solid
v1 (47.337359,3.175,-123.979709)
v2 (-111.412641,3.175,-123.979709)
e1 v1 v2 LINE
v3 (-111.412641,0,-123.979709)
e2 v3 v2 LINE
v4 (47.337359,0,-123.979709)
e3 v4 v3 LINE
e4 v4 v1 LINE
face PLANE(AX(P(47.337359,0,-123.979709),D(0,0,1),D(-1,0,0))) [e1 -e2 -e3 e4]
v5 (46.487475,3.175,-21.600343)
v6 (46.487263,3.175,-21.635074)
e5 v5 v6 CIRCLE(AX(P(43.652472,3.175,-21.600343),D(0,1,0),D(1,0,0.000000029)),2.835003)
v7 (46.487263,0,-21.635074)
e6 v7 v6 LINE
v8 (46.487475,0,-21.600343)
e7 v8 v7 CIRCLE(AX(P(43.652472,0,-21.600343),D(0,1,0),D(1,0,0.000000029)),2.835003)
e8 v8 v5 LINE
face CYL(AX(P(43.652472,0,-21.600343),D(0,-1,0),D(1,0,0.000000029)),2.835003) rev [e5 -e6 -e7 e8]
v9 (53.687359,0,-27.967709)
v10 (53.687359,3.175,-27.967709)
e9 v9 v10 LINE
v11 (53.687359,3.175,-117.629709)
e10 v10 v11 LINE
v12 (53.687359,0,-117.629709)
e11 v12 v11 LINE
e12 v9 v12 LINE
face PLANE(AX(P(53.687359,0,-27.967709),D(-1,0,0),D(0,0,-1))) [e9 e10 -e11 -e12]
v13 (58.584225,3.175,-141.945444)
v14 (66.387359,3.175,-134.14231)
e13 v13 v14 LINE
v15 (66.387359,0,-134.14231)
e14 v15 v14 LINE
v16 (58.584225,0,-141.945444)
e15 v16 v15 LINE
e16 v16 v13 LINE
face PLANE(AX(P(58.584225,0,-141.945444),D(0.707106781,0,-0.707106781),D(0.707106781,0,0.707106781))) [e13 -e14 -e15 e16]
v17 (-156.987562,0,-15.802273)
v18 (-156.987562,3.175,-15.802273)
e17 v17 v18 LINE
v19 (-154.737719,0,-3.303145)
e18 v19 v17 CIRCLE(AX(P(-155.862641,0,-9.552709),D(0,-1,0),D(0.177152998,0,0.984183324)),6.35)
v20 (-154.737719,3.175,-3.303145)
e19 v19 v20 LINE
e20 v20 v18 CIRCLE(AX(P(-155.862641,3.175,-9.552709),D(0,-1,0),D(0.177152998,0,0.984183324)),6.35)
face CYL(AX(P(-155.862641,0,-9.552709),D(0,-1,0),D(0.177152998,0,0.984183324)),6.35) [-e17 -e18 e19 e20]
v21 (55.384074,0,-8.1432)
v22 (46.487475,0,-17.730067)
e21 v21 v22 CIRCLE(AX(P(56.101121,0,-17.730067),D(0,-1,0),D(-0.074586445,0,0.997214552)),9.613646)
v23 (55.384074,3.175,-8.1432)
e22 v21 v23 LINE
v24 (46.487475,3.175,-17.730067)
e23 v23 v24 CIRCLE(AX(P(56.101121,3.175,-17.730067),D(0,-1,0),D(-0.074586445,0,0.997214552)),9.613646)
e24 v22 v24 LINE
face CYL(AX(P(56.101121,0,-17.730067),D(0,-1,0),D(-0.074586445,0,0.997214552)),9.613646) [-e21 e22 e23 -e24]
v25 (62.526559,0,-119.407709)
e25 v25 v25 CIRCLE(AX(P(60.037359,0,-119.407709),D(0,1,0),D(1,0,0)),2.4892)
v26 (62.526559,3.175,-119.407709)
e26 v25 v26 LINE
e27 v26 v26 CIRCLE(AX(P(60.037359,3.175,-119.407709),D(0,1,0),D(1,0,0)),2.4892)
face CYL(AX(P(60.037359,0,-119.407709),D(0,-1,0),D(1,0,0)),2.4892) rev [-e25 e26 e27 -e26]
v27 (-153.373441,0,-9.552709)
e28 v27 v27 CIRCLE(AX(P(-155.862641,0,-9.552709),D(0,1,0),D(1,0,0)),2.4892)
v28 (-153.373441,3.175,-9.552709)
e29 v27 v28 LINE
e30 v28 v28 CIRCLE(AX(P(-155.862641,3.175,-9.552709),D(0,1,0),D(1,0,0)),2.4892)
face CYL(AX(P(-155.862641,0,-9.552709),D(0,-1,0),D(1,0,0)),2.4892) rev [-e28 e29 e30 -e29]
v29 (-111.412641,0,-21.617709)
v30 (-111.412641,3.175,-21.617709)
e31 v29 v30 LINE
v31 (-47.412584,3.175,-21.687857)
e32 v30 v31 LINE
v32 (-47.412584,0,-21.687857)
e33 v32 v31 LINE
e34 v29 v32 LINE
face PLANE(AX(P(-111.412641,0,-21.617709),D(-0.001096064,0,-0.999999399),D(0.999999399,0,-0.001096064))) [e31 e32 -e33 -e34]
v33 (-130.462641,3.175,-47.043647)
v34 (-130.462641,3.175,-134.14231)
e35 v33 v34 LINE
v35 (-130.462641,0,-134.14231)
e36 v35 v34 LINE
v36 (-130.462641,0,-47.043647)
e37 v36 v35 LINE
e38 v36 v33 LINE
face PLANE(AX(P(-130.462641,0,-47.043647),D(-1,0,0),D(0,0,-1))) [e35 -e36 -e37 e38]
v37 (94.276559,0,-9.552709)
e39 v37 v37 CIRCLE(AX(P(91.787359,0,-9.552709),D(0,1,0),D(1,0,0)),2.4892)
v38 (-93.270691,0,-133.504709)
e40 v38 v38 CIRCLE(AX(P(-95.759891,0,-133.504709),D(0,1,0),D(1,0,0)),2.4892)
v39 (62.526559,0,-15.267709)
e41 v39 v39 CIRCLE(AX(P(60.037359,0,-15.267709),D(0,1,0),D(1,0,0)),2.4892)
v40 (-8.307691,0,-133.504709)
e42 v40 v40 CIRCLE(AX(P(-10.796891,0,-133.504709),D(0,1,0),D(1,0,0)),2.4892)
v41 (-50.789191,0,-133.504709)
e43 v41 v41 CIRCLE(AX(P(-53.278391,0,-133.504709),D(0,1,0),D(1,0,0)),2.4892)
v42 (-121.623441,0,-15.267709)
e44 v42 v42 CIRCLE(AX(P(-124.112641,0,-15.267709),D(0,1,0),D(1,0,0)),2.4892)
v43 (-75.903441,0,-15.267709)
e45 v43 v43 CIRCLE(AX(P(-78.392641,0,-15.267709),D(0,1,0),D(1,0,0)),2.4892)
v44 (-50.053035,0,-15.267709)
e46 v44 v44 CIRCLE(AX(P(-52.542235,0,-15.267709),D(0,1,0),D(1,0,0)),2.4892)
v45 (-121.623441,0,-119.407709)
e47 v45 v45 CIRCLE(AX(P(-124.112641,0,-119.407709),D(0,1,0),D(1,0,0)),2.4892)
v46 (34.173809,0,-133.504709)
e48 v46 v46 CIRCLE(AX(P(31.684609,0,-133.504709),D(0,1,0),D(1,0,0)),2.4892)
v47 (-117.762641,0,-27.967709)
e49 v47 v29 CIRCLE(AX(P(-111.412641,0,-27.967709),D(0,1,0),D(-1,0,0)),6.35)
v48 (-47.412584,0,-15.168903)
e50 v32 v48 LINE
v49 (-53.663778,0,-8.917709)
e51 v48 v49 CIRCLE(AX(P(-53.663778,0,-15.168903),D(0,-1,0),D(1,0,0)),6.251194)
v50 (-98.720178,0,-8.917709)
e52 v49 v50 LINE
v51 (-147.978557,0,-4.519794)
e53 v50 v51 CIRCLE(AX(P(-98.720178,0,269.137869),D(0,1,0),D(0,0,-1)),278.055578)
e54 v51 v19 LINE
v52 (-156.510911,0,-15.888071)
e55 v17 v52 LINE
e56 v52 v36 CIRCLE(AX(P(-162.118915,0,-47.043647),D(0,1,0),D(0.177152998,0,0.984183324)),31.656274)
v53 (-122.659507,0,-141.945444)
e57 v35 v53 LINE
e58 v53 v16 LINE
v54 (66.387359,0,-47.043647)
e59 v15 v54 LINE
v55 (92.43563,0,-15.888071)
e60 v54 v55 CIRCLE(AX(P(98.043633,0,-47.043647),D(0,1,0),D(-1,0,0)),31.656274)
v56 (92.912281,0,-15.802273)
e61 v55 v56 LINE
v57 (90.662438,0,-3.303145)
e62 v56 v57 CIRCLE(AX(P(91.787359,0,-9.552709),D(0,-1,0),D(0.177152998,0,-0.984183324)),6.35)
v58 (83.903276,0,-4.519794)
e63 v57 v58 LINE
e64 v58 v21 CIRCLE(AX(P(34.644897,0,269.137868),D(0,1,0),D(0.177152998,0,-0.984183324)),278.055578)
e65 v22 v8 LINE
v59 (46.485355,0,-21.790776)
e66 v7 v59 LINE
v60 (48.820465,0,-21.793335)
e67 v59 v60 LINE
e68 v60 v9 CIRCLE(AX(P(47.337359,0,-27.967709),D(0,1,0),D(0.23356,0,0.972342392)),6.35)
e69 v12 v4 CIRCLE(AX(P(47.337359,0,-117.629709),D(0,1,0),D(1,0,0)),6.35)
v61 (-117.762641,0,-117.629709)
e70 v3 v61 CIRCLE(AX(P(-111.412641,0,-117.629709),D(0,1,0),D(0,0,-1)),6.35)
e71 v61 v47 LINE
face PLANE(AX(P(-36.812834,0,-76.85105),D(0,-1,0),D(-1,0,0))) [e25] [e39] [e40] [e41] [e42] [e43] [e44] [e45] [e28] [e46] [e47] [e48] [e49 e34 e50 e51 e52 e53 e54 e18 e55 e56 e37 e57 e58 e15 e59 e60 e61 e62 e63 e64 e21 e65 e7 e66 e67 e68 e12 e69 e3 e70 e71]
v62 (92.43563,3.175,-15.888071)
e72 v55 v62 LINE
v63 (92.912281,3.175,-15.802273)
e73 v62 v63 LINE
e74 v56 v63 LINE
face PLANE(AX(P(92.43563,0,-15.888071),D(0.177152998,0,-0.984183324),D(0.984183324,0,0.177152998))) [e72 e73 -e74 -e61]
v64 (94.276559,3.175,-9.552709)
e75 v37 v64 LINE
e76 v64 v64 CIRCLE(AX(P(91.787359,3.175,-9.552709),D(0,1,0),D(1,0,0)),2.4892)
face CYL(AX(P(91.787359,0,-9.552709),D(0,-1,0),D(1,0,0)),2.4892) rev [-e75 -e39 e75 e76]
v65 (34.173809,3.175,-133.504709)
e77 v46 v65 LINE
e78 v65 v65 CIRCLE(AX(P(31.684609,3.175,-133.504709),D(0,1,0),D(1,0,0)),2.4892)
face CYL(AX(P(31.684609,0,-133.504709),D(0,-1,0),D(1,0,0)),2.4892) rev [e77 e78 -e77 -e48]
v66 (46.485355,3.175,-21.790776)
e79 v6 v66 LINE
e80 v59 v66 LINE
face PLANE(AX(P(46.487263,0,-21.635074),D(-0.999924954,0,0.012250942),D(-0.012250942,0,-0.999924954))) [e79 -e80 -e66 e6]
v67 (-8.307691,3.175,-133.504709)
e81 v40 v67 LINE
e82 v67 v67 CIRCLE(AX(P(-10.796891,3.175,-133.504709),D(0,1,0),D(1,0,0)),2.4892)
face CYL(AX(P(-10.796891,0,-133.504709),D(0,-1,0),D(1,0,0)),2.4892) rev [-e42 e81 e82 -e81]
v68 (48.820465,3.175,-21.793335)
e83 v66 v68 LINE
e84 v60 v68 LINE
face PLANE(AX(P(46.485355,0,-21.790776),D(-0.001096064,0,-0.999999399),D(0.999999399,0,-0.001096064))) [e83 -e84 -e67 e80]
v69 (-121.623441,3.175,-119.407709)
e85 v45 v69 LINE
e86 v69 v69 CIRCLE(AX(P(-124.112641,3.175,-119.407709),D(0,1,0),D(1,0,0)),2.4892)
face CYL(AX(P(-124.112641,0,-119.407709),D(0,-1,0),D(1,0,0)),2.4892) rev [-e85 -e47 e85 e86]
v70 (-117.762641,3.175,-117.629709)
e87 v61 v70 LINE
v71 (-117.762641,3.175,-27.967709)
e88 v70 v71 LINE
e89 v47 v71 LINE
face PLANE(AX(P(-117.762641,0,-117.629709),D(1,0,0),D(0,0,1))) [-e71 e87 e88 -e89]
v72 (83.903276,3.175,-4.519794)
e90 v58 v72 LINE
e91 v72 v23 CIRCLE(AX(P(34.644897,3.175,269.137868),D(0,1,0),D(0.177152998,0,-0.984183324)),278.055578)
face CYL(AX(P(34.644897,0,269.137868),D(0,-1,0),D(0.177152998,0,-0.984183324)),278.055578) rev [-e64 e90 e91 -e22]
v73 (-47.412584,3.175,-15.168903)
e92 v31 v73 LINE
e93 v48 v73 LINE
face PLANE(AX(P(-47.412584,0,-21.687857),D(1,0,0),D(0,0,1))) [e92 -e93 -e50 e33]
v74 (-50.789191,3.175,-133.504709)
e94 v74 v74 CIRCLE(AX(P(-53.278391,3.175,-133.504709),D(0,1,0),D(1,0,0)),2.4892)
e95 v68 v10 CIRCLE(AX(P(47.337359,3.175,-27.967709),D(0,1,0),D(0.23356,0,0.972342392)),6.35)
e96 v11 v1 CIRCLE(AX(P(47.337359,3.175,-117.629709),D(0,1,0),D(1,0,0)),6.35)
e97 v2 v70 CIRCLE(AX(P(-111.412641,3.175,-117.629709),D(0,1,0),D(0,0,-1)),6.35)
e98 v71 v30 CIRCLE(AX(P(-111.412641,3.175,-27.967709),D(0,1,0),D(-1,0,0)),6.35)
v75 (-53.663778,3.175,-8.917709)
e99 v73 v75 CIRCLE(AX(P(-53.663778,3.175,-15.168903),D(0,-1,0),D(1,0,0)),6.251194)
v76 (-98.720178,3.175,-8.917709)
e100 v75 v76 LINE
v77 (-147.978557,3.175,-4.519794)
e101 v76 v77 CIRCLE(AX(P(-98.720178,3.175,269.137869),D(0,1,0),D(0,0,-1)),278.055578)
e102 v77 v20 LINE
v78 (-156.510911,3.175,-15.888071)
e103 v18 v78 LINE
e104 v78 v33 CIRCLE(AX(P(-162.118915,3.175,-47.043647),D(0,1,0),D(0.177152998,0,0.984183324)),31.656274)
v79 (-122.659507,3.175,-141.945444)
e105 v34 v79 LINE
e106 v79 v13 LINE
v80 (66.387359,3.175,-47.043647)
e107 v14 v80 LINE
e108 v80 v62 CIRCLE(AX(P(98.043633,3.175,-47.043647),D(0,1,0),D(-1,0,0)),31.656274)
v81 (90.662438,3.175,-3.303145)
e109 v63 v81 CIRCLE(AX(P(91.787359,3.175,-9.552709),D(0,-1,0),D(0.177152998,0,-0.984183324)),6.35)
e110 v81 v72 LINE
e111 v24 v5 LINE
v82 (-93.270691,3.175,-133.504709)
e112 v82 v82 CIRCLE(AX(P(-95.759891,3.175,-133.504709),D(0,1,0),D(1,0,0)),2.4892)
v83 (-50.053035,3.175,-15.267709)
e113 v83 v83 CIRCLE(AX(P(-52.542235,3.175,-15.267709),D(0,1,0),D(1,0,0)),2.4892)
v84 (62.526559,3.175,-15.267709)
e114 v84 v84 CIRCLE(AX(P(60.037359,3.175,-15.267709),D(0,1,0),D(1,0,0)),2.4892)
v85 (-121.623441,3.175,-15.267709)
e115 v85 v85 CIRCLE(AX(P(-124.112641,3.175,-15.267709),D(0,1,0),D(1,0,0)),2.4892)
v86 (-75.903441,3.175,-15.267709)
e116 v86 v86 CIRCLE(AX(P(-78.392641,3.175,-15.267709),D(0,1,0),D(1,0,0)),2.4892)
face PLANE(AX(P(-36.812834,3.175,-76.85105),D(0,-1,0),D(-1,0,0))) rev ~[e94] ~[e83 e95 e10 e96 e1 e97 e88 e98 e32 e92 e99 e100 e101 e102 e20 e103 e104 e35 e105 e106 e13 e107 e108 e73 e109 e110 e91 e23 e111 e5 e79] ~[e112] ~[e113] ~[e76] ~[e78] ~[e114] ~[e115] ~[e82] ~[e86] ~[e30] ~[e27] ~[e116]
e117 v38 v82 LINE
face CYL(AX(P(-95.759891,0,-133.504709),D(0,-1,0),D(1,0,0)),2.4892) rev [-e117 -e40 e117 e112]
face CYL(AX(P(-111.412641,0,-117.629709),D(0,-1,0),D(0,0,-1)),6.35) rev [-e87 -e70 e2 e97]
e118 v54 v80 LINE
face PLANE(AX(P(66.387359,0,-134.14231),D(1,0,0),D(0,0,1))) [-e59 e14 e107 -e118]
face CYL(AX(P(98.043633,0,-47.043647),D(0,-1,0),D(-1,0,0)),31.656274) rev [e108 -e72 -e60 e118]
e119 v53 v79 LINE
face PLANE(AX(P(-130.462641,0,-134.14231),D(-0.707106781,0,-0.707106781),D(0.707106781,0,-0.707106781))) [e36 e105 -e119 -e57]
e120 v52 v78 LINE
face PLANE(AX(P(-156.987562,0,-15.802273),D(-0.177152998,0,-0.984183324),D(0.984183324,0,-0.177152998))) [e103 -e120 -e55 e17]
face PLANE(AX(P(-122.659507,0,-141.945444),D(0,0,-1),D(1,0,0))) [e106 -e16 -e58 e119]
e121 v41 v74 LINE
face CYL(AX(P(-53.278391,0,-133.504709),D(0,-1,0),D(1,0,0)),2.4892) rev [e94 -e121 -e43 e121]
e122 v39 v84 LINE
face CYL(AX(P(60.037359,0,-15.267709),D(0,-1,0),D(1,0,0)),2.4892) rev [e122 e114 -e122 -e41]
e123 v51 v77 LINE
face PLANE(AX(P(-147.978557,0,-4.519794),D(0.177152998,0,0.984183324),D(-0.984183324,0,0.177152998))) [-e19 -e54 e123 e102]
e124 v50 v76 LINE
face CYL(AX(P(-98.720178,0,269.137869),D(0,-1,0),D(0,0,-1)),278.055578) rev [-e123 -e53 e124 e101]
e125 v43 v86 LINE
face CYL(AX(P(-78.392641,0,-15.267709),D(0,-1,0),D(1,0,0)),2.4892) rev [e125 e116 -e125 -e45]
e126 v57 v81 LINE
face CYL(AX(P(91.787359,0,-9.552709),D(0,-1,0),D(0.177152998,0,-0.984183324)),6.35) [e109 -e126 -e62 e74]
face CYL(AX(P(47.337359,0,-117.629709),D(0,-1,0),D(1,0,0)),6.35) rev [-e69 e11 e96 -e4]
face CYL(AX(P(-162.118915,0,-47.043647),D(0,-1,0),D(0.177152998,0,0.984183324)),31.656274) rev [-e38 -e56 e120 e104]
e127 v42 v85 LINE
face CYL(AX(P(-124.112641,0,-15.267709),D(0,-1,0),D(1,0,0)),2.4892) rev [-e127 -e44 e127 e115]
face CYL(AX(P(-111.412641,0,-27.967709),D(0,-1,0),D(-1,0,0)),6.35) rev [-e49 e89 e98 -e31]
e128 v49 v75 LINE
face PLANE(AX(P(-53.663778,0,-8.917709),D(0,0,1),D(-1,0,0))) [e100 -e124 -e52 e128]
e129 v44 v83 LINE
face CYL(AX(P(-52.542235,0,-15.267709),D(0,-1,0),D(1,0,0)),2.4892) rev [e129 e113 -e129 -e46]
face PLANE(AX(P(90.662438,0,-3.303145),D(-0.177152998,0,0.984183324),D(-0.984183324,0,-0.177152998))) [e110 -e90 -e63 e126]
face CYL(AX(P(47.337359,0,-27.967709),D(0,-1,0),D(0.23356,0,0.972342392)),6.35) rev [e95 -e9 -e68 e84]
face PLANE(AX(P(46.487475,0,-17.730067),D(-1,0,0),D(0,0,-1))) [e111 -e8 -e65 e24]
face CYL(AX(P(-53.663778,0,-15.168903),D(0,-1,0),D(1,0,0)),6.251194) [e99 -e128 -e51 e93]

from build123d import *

# Parameters (mm, degrees)
SKETCH1_R           = 2.4892
BOSS_EXTRUDE1_DEPTH = 3.175


with BuildPart() as part:
    # Sketch1 → Boss-Extrude1 (new body)
    with BuildSketch(Plane(origin=(0, 0, 0), x_dir=(1, 0, 0), z_dir=(0, 1, 0))):
        with BuildLine():
            Line((-32.037640644, 123.979709158), (-111.412640644, 123.979709158))
            ThreePointArc((-111.412640644, 123.979709158), (-115.902768704, 122.119837219), (-117.762640644, 117.629709158))
            Line((-117.762640644, 117.629709158), (-117.762640644, 27.967709158))
            ThreePointArc((-117.762640644, 27.967709158), (-115.902768704, 23.477581098), (-111.412640644, 21.617709158))
            Line((-111.412640644, 21.617709158), (-47.412584086, 21.687857346))
            Line((-47.412584086, 21.687857346), (-47.412584086, 15.168903158))
            ThreePointArc((-47.412584086, 15.168903158), (-49.243516418, 10.748641491), (-53.663778086, 8.917709158))
            Line((-53.663778086, 8.917709158), (-98.720178026, 8.917709158))
            ThreePointArc((-98.720178026, 8.917709158), (-123.447337141, 7.816048009), (-147.978557367, 4.519794164))
            Line((-147.978557367, 4.519794164), (-154.737719104, 3.303145051))
            ThreePointArc((-154.737719104, 3.303145051), (-162.112204751, 8.427787619), (-156.987562183, 15.802273266))
            Line((-156.987562183, 15.802273266), (-156.510910789, 15.888070517))
            ThreePointArc((-156.510910789, 15.888070517), (-137.832620256, 26.738584362), (-130.462640644, 47.043647486))
            Line((-130.462640644, 47.043647486), (-130.462640644, 134.142309925))
            Line((-130.462640644, 134.142309925), (-122.659506644, 141.945443925))
            Line((-122.659506644, 141.945443925), (58.584225356, 141.945443925))
            Line((58.584225356, 141.945443925), (66.387359356, 134.142309925))
            Line((66.387359356, 134.142309925), (66.387359356, 47.043647486))
            ThreePointArc((66.387359356, 47.043647486), (73.757338969, 26.738584362), (92.435629502, 15.888070517))
            Line((92.435629502, 15.888070517), (92.912280896, 15.802273266))
            ThreePointArc((92.912280896, 15.802273266), (98.036923464, 8.427787619), (90.662437817, 3.303145051))
            Line((90.662437817, 3.303145051), (83.90327608, 4.519794164))
            ThreePointArc((83.90327608, 4.519794164), (69.690534676, 6.700322348), (55.384073682, 8.143199745))
            ThreePointArc((55.384073682, 8.143199745), (49.05429115, 11.190619944), (46.487475356, 17.730067432))
            Line((46.487475356, 17.730067432), (46.487475356, 21.600342717))
            ThreePointArc((46.487475356, 21.600342717), (46.487422167, 21.617708833), (46.487262601, 21.635074297))
            Line((46.487262601, 21.635074297), (46.485354971, 21.790775541))
            Line((46.485354971, 21.790775541), (48.820465356, 21.793334972))
            ThreePointArc((48.820465356, 21.793334972), (52.324353596, 24.036756545), (53.687359356, 27.967709158))
            Line((53.687359356, 27.967709158), (53.687359356, 117.629709158))
            ThreePointArc((53.687359356, 117.629709158), (51.827487417, 122.119837219), (47.337359356, 123.979709158))
            Line((47.337359356, 123.979709158), (-32.037640644, 123.979709158))
        make_face()
        with Locations((60.037359356, 119.407709158)):
            Circle(SKETCH1_R, mode=Mode.SUBTRACT)
        with Locations((-52.542234775, 15.267709158)):
            Circle(SKETCH1_R, mode=Mode.SUBTRACT)
        with Locations((-78.392640644, 15.267709158)):
            Circle(SKETCH1_R, mode=Mode.SUBTRACT)
        with Locations((-10.796890644, 133.504709158)):
            Circle(SKETCH1_R, mode=Mode.SUBTRACT)
        with Locations((31.684609356, 133.504709158)):
            Circle(SKETCH1_R, mode=Mode.SUBTRACT)
        with Locations((91.787359356, 9.552709158)):
            Circle(SKETCH1_R, mode=Mode.SUBTRACT)
        with Locations((-53.278390644, 133.504709158)):
            Circle(SKETCH1_R, mode=Mode.SUBTRACT)
        with Locations((-95.759890644, 133.504709158)):
            Circle(SKETCH1_R, mode=Mode.SUBTRACT)
        with Locations((-124.112640644, 15.267709158)):
            Circle(SKETCH1_R, mode=Mode.SUBTRACT)
        with Locations((-155.862640644, 9.552709158)):
            Circle(SKETCH1_R, mode=Mode.SUBTRACT)
        with Locations((-124.112640644, 119.407709158)):
            Circle(SKETCH1_R, mode=Mode.SUBTRACT)
        with Locations((60.037359356, 15.267709158)):
            Circle(SKETCH1_R, mode=Mode.SUBTRACT)
    extrude(amount=BOSS_EXTRUDE1_DEPTH)


solid = part.part
